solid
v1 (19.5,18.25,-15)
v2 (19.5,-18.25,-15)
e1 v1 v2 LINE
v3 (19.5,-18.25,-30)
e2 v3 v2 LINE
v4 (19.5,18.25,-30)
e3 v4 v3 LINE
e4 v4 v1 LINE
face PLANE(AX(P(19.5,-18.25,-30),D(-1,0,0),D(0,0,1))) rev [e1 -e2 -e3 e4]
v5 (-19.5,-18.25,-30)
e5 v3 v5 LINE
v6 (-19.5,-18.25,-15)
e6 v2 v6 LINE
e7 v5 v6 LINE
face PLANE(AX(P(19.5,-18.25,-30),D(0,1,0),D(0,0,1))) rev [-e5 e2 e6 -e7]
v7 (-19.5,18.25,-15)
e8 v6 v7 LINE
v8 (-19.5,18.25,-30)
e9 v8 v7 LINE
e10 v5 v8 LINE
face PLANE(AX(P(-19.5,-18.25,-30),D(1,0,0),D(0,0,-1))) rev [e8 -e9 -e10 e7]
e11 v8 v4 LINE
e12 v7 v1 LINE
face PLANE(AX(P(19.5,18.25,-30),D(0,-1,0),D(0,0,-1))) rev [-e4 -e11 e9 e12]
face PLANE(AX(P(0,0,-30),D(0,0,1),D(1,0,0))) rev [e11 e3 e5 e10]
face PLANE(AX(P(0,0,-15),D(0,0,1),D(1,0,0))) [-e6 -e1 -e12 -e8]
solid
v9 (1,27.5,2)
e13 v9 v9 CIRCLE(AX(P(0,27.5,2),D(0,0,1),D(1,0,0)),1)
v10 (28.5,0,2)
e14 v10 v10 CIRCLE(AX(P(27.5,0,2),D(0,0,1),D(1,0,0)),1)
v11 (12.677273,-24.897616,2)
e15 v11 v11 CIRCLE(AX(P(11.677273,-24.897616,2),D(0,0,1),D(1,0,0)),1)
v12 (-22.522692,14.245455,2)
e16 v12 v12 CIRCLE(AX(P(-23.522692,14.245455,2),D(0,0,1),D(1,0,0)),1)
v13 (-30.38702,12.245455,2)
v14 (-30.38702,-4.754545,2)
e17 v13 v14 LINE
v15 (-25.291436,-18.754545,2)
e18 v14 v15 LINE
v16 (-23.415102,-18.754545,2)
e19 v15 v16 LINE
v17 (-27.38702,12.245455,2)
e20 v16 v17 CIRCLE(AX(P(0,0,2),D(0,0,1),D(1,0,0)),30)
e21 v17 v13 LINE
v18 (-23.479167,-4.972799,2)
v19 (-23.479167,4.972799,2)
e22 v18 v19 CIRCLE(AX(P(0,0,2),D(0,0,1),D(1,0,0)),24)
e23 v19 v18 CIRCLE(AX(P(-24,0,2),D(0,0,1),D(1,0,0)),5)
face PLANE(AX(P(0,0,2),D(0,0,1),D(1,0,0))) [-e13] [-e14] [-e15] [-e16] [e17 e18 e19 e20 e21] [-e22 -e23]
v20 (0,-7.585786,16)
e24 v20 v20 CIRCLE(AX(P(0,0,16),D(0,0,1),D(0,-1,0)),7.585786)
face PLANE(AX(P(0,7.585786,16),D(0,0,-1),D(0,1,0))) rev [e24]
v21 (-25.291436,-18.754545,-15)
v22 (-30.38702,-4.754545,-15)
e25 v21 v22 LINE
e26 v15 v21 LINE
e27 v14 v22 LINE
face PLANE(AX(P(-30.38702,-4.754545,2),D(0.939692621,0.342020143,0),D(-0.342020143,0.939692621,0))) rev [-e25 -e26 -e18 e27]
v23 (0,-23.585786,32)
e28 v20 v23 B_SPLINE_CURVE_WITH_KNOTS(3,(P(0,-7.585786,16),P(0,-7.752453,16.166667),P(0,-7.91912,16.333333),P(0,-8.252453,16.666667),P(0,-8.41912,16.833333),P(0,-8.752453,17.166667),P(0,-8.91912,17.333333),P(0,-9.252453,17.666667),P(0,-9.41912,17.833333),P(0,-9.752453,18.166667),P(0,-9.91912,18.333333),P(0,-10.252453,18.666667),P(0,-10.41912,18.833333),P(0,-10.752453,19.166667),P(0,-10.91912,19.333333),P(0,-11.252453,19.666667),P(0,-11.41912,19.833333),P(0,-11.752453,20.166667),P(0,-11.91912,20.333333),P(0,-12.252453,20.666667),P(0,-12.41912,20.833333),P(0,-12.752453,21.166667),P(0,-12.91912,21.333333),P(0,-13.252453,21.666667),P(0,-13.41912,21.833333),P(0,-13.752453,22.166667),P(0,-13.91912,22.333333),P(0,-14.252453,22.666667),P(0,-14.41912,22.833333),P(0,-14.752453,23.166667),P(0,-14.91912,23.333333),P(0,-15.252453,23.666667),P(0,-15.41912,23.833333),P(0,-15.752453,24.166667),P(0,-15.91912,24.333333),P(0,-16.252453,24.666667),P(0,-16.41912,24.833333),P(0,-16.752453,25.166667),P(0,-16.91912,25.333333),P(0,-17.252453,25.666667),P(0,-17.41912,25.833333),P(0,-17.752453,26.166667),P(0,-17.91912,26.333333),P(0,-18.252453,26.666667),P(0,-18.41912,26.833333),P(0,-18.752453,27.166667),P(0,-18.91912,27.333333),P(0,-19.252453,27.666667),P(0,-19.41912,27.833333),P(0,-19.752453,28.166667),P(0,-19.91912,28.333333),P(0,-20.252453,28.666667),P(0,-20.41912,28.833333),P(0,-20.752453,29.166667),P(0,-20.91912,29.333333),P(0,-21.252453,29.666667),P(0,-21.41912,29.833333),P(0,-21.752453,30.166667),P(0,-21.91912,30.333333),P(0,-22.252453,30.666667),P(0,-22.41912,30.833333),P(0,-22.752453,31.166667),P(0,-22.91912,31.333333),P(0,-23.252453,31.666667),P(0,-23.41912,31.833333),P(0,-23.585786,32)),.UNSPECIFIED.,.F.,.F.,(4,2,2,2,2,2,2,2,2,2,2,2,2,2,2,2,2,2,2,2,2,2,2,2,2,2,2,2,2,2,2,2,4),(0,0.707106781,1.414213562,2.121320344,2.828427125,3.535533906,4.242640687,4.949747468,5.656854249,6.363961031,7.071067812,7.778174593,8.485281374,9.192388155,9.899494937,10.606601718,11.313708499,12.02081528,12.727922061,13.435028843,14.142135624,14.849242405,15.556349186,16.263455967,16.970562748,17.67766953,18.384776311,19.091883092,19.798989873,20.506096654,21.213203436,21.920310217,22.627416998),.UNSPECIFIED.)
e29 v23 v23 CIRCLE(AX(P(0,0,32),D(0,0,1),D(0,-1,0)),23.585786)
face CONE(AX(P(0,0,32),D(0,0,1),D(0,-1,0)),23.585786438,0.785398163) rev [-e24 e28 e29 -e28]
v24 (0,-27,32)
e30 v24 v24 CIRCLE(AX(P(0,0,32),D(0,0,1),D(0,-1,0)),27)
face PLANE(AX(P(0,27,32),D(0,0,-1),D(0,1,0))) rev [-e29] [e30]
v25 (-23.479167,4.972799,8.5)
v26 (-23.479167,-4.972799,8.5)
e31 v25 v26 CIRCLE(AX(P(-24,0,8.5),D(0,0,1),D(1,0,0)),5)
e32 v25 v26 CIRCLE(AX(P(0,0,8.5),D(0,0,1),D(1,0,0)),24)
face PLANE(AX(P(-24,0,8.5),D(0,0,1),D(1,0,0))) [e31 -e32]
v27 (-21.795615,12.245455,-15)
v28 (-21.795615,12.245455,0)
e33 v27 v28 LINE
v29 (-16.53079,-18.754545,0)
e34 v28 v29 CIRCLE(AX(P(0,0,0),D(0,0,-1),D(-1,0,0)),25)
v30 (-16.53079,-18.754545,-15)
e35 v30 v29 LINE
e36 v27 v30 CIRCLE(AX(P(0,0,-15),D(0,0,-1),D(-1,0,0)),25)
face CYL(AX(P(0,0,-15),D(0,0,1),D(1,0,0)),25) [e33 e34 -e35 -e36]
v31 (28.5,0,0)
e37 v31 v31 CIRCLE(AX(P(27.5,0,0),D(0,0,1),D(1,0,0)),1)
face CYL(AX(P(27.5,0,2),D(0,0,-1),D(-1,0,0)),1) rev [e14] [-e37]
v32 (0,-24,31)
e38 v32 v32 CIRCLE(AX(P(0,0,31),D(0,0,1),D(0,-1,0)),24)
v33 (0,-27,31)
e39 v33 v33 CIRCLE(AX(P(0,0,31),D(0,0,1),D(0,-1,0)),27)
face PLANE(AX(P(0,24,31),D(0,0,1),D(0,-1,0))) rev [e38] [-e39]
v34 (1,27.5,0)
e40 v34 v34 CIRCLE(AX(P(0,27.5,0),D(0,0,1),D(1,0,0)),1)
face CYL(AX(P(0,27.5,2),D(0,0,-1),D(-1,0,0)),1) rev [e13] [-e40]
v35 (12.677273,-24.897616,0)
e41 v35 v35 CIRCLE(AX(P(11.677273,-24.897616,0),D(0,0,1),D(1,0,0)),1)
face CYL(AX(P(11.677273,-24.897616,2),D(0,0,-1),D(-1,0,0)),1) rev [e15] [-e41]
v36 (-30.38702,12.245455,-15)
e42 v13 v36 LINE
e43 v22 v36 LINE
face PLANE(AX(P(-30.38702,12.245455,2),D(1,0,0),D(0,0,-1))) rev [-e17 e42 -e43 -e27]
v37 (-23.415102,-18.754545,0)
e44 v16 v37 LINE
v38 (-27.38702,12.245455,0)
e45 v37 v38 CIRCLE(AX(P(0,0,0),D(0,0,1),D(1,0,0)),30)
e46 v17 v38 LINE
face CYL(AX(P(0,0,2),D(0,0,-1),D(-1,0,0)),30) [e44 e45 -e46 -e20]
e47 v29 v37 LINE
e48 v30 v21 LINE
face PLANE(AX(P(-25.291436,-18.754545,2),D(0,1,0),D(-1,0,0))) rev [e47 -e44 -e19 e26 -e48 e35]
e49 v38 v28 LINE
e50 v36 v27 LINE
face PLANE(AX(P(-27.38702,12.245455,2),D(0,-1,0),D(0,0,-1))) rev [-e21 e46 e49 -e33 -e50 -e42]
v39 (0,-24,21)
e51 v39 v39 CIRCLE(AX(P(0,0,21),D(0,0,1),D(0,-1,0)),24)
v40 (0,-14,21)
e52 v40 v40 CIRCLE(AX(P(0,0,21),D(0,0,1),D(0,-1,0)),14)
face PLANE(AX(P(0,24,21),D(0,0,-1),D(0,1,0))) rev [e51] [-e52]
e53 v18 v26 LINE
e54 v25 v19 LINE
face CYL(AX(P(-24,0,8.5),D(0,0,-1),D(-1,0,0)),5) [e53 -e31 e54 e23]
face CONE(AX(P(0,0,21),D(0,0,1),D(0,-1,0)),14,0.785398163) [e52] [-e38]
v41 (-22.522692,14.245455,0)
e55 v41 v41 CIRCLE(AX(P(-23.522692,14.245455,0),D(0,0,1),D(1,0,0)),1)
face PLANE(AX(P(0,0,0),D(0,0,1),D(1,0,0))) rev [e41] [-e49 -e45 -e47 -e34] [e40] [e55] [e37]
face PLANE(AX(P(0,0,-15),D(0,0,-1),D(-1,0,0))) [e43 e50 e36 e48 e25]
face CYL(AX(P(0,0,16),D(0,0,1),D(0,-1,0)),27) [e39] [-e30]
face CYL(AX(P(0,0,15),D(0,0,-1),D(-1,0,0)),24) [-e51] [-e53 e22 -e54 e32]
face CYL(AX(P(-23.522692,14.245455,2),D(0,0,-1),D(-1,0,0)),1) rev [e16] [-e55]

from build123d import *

# Parameters (mm, degrees)
SKETCH1_R           = 1
BOSS_EXTRUDE1_DEPTH = 2
BOSS_EXTRUDE2_DEPTH = 15
SKETCH3_W           = 39
SKETCH3_H           = 36.5
BOSS_EXTRUDE3_DEPTH = 15
SKETCH4_R           = 24
BOSS_EXTRUDE4_DEPTH = 13
SKETCH6_R           = 5
BOSS_EXTRUDE5_DEPTH = 6.5


with BuildPart() as part:
    # Sketch1 → Boss-Extrude1 (new body)
    with BuildSketch(Plane.XY):
        with BuildLine():
            Line((-27.387019607, 12.245454545), (-30.387019607, 12.245454545))
            Line((-30.387019607, 12.245454545), (-30.387019607, -4.754545455))
            Line((-30.387019607, -4.754545455), (-25.291436328, -18.754545455))
            Line((-25.291436328, -18.754545455), (-23.415102494, -18.754545455))
            ThreePointArc((-23.415102494, -18.754545455), (29.756745496, 3.812623441), (-27.387019607, 12.245454545))
        make_face()
        with Locations((0, 27.5)):
            Circle(SKETCH1_R, mode=Mode.SUBTRACT)
        with Locations((-23.5226917, 14.245454545)):
            Circle(SKETCH1_R, mode=Mode.SUBTRACT)
        with Locations((27.5, 0)):
            Circle(SKETCH1_R, mode=Mode.SUBTRACT)
        with Locations((11.677272727, -24.897616385)):
            Circle(SKETCH1_R, mode=Mode.SUBTRACT)
    extrude(amount=BOSS_EXTRUDE1_DEPTH)

    # Sketch2 → Boss-Extrude2 (add)
    with BuildSketch(Plane(origin=(0, 0, 0), x_dir=(-1, 0, 0), z_dir=(0, 0, -1))):
        with BuildLine():
            Line((25.291436328, -18.754545455), (23.415102494, -18.754545455))
            Line((23.415102494, -18.754545455), (16.530790205, -18.754545455))
            ThreePointArc((16.530790205, -18.754545455), (-24.647075653, 4.185888405), (21.795615224, 12.245454545))
            Line((21.795615224, 12.245454545), (27.387019607, 12.245454545))
            Line((27.387019607, 12.245454545), (30.387019607, 12.245454545))
            Line((30.387019607, 12.245454545), (30.387019607, -4.754545455))
            Line((30.387019607, -4.754545455), (25.291436328, -18.754545455))
        make_face()
    extrude(amount=BOSS_EXTRUDE2_DEPTH)

    # Sketch4 → Boss-Extrude4 (add)
    with BuildSketch(Plane.XY.offset(2)):
        with Locations(Location((0, 0, 0), (0, 0, 180))):
            Circle(SKETCH4_R)
    extrude(amount=BOSS_EXTRUDE4_DEPTH)

    # Sketch5 → Revolve1 (revolve)
    with BuildSketch(Plane(origin=(0, 0, 0), x_dir=(0, 0, -1), z_dir=(1, 0, 0)), mode=Mode.PRIVATE) as revolve1_sk:
        Polygon((-15, 0), (-15, 24), (-21, 24), (-21, 14), (-31, 24), (-31, 27), (-32, 27), (-32, 23.585786438), (-16, 7.585786438), (-16, 0), align=None)
    revolve(revolve1_sk.sketch.rotate(Axis((0, 0, 16), (0, 0, -1)), 180), axis=Axis((0, 0, 16), (0, 0, -1)))

    # Sketch6 → Boss-Extrude5 (add)
    with BuildSketch(Plane.XY.offset(2)):
        with Locations((-24, 0)):
            Circle(SKETCH6_R)
    extrude(amount=BOSS_EXTRUDE5_DEPTH)


with BuildPart() as body_2:
    # Sketch3 → Boss-Extrude3 (new body)
    with BuildSketch(Plane(origin=(0, 0, -15), x_dir=(-1, 0, 0), z_dir=(0, 0, -1))):
        Rectangle(SKETCH3_W, SKETCH3_H)
    extrude(amount=BOSS_EXTRUDE3_DEPTH)


solid = Compound([part.part, body_2.part])
